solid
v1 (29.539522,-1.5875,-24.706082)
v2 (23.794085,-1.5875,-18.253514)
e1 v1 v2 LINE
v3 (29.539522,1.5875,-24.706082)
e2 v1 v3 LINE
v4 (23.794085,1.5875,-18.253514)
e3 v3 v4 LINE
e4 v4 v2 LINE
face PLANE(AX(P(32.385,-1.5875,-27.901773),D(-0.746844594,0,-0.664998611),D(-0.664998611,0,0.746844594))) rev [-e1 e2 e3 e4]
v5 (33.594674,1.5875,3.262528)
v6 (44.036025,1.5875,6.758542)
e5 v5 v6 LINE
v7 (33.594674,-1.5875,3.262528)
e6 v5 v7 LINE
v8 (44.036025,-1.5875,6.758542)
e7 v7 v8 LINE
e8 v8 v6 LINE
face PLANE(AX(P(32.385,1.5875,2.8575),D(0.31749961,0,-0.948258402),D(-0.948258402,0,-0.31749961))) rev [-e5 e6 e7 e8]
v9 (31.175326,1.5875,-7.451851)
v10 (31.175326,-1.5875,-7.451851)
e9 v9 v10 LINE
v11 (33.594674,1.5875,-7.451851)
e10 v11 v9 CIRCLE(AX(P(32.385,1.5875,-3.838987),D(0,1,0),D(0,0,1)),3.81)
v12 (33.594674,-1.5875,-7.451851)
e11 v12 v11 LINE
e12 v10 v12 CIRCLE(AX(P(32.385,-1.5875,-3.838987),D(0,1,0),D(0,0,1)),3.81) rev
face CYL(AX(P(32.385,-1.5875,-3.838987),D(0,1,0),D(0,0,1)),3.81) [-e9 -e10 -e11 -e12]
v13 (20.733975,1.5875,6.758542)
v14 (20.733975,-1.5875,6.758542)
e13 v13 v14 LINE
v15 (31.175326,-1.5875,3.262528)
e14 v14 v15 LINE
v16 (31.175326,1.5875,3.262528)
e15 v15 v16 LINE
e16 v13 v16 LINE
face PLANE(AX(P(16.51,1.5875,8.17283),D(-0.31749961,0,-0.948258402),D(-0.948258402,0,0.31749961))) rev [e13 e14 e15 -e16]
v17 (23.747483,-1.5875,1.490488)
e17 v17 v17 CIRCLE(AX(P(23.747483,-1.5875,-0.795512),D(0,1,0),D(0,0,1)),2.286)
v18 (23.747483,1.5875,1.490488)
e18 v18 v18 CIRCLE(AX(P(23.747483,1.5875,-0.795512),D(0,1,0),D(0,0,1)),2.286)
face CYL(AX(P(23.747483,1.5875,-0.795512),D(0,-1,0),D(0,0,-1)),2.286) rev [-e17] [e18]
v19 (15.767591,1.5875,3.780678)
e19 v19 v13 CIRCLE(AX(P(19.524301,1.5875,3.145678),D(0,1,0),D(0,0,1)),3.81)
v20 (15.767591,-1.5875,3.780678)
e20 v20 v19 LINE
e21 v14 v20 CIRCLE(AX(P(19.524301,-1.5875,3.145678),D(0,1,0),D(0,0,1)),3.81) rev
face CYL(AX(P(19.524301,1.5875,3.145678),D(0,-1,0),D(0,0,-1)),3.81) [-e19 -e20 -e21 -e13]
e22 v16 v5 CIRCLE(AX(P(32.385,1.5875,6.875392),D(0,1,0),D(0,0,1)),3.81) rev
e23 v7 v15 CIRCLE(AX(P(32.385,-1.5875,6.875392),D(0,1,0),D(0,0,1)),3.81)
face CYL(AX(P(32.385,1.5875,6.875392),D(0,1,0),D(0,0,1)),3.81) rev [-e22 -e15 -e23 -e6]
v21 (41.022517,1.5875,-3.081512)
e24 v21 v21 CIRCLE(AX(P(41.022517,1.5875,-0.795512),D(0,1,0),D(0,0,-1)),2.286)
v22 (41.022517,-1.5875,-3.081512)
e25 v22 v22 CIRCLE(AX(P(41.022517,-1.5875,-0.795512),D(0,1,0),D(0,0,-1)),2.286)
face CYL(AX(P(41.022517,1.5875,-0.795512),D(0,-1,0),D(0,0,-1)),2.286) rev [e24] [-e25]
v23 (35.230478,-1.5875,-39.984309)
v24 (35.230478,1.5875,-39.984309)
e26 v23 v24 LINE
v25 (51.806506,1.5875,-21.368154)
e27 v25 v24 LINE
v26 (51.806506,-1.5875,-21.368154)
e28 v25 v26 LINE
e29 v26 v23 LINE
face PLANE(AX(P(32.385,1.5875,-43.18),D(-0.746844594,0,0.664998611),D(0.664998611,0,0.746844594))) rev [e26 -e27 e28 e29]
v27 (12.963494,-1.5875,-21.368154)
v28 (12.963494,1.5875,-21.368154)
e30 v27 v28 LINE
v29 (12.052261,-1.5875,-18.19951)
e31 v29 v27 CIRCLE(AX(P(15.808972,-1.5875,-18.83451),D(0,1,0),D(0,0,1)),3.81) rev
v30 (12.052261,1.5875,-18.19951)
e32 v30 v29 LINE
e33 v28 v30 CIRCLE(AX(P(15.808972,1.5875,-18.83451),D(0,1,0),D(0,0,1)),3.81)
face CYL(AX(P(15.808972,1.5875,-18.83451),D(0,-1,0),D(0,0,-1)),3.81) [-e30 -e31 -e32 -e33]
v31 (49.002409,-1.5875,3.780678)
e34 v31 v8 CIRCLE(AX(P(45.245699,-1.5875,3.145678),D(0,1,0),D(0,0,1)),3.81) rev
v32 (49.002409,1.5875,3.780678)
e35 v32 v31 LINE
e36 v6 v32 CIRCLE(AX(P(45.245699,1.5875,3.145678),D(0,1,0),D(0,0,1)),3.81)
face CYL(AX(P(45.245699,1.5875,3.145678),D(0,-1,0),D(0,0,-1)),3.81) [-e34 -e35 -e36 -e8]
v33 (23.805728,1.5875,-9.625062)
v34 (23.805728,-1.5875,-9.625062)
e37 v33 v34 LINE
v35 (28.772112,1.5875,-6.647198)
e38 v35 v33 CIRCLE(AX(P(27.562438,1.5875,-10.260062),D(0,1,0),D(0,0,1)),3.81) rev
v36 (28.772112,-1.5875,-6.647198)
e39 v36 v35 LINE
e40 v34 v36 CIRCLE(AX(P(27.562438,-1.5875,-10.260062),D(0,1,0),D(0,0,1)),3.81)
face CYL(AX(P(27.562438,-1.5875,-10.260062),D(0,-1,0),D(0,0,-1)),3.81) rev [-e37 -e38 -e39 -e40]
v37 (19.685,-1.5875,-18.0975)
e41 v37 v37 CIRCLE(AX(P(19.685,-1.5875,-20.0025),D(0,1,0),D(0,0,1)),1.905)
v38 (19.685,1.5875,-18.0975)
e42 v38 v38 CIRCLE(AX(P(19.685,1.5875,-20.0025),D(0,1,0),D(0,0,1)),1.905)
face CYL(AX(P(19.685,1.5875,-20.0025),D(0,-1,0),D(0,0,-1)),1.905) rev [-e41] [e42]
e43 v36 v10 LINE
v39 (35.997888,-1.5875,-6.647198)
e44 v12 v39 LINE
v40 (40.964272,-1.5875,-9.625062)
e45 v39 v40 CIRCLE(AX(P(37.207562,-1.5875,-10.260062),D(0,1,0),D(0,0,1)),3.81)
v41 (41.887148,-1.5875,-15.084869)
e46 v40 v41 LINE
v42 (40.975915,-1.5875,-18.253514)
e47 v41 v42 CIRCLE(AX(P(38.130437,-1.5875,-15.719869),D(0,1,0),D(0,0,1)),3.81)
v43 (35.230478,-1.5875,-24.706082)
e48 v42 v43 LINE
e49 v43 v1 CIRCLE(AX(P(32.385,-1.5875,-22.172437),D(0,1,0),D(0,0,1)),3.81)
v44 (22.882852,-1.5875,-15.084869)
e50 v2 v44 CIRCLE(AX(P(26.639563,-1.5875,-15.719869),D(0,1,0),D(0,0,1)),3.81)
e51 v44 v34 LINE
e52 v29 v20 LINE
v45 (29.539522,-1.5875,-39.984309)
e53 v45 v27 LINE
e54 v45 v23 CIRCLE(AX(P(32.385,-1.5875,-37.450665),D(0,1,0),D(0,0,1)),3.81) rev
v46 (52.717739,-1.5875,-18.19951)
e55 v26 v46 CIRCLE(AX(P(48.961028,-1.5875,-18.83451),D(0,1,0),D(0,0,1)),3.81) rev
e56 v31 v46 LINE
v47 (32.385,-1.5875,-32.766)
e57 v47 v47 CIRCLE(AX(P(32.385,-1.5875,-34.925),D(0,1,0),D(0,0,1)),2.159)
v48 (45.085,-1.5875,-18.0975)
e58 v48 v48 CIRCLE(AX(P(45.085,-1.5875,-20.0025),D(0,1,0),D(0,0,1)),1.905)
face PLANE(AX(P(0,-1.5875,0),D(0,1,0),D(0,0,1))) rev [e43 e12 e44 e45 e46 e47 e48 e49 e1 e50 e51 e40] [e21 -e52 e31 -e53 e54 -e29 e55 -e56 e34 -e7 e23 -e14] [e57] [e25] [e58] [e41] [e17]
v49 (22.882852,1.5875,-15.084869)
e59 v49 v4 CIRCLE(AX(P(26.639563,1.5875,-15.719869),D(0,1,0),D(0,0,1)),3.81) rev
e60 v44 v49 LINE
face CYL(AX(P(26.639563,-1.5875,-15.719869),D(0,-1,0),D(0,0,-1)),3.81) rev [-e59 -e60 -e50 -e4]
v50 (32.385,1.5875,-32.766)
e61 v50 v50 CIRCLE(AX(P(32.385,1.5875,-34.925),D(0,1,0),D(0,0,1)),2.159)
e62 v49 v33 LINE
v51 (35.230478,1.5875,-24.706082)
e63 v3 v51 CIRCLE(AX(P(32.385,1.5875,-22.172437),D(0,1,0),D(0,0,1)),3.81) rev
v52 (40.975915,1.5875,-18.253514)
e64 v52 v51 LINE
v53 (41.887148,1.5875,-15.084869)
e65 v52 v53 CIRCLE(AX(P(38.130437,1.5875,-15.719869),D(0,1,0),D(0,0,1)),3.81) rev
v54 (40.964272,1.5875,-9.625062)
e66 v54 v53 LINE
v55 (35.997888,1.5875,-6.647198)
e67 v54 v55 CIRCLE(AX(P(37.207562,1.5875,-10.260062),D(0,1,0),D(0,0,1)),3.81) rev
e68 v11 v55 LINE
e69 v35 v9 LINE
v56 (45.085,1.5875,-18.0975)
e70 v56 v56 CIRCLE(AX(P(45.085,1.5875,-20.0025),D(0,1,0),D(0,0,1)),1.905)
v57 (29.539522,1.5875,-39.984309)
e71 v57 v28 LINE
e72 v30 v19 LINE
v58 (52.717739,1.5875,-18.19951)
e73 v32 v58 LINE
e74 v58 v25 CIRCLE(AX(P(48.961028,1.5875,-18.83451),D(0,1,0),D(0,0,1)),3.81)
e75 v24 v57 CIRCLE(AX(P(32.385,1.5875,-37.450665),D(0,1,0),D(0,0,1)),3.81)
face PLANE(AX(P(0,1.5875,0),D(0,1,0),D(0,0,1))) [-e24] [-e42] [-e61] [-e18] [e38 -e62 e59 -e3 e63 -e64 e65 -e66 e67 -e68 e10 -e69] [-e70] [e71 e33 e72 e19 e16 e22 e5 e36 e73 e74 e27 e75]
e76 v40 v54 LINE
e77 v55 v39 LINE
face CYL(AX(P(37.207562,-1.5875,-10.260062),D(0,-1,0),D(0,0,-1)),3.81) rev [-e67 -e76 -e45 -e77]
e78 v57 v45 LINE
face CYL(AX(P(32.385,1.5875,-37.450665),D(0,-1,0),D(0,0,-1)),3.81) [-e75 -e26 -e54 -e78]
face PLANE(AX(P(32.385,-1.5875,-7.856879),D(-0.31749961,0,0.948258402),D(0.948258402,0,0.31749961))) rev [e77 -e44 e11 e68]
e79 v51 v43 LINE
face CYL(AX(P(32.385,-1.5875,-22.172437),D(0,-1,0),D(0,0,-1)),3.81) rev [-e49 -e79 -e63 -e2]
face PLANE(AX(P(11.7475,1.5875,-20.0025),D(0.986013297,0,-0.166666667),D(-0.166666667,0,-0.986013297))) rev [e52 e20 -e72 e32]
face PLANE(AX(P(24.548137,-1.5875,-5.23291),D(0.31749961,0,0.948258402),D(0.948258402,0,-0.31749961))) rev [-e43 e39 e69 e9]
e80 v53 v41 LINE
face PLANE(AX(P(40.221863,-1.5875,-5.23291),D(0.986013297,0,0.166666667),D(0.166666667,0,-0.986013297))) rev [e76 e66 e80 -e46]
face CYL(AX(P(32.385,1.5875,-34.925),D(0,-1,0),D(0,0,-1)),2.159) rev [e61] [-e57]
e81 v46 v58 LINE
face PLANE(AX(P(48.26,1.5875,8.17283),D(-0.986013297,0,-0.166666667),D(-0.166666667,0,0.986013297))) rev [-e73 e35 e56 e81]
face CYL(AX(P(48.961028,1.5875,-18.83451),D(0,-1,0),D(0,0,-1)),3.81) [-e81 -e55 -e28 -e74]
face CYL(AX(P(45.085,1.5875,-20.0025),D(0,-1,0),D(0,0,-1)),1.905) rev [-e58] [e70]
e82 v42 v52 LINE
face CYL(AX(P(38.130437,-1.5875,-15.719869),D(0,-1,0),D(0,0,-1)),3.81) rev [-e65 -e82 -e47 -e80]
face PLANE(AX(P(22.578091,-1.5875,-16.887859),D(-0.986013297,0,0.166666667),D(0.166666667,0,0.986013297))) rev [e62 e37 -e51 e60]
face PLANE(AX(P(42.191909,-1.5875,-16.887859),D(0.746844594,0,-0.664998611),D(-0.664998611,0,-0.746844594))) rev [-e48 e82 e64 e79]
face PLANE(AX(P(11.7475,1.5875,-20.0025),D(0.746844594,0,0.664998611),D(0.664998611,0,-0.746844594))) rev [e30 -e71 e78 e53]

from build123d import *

# Parameters (mm, degrees)
BOSS_EXTRUDE1_DEPTH = 1.5875
SKETCH2_R           = 1.905000001
SKETCH2_R_2         = 1.905000002
SKETCH2_R_3         = 2.159000002
SKETCH2_R_4         = 2.286
CUT_EXTRUDE1_DEPTH  = 69.454207549
CUT_EXTRUDE3_DEPTH  = 69.454207549
FILLET2_R           = 3.81


with BuildPart() as part:
    # Sketch1 → Boss-Extrude1 (new, symmetric)
    with BuildSketch(Plane(origin=(0, 0, 0), x_dir=(1, 0, 0), z_dir=(0, 1, 0))):
        Polygon((11.747500001, 20.002499998), (32.385000001, 43.179999998), (53.022500001, 20.002499998), (48.260000001, -8.172829969), (32.385000001, -2.857500002), (16.510000001, -8.172829969), align=None)
    extrude(amount=BOSS_EXTRUDE1_DEPTH, both=True)

    # Sketch2 → Cut-Extrude1 (cut, through all)
    with BuildSketch(Plane(origin=(0, -1.5875, 0), x_dir=(1, 0, 0), z_dir=(0, 1, 0))):
        with Locations(Location((19.684999998, 20.002500002, 0), (0, 0, 270))):
            Circle(SKETCH2_R)
        with Locations(Location((45.084999998, 20.0025, 0), (0, 0, 270))):
            Circle(SKETCH2_R_2)
        with Locations(Location((32.385000001, 34.925000025, 0), (0, 0, 270))):
            Circle(SKETCH2_R_3)
        with Locations(Location((23.747482722, 0.795511849, 0), (0, 0, 270))):
            Circle(SKETCH2_R_4)
        with Locations(Location((41.022517279, 0.795511849, 0), (0, 0, 90))):
            Circle(SKETCH2_R_4)
    extrude(amount=CUT_EXTRUDE1_DEPTH, mode=Mode.SUBTRACT)

    # Sketch4 → Cut-Extrude3 (cut, through all)
    with BuildSketch(Plane(origin=(0, 1.5875, 0), x_dir=(1, 0, 0), z_dir=(0, 1, 0))):
        Polygon((22.578091019, 16.887859433), (24.548137073, 5.232909805), (32.385000001, 7.856879088), (40.221862929, 5.232909805), (42.191908982, 16.887859433), (32.385000001, 27.901772597), align=None)
    extrude(amount=-CUT_EXTRUDE3_DEPTH, mode=Mode.SUBTRACT)

    # Fillet2
    fillet2_edges = [part.edges().sort_by_distance(p)[0] for p in [
        (53.022500001, 0, -20.002499998),
        (48.260000001, 0, 8.172829969),
        (32.385000001, 0, 2.857500002),
        (16.510000001, 0, 8.172829969),
        (11.747500001, 0, -20.002499998),
        (32.385000001, 0, -43.179999998),
        (22.578091019, 0, -16.887859433),
        (32.385000001, 0, -27.901772597),
        (42.191908982, 0, -16.887859433),
        (40.221862929, 0, -5.232909805),
        (32.385000001, 0, -7.856879088),
        (24.548137073, 0, -5.232909805),
    ]]
    fillet(fillet2_edges, radius=FILLET2_R)


solid = part.part
